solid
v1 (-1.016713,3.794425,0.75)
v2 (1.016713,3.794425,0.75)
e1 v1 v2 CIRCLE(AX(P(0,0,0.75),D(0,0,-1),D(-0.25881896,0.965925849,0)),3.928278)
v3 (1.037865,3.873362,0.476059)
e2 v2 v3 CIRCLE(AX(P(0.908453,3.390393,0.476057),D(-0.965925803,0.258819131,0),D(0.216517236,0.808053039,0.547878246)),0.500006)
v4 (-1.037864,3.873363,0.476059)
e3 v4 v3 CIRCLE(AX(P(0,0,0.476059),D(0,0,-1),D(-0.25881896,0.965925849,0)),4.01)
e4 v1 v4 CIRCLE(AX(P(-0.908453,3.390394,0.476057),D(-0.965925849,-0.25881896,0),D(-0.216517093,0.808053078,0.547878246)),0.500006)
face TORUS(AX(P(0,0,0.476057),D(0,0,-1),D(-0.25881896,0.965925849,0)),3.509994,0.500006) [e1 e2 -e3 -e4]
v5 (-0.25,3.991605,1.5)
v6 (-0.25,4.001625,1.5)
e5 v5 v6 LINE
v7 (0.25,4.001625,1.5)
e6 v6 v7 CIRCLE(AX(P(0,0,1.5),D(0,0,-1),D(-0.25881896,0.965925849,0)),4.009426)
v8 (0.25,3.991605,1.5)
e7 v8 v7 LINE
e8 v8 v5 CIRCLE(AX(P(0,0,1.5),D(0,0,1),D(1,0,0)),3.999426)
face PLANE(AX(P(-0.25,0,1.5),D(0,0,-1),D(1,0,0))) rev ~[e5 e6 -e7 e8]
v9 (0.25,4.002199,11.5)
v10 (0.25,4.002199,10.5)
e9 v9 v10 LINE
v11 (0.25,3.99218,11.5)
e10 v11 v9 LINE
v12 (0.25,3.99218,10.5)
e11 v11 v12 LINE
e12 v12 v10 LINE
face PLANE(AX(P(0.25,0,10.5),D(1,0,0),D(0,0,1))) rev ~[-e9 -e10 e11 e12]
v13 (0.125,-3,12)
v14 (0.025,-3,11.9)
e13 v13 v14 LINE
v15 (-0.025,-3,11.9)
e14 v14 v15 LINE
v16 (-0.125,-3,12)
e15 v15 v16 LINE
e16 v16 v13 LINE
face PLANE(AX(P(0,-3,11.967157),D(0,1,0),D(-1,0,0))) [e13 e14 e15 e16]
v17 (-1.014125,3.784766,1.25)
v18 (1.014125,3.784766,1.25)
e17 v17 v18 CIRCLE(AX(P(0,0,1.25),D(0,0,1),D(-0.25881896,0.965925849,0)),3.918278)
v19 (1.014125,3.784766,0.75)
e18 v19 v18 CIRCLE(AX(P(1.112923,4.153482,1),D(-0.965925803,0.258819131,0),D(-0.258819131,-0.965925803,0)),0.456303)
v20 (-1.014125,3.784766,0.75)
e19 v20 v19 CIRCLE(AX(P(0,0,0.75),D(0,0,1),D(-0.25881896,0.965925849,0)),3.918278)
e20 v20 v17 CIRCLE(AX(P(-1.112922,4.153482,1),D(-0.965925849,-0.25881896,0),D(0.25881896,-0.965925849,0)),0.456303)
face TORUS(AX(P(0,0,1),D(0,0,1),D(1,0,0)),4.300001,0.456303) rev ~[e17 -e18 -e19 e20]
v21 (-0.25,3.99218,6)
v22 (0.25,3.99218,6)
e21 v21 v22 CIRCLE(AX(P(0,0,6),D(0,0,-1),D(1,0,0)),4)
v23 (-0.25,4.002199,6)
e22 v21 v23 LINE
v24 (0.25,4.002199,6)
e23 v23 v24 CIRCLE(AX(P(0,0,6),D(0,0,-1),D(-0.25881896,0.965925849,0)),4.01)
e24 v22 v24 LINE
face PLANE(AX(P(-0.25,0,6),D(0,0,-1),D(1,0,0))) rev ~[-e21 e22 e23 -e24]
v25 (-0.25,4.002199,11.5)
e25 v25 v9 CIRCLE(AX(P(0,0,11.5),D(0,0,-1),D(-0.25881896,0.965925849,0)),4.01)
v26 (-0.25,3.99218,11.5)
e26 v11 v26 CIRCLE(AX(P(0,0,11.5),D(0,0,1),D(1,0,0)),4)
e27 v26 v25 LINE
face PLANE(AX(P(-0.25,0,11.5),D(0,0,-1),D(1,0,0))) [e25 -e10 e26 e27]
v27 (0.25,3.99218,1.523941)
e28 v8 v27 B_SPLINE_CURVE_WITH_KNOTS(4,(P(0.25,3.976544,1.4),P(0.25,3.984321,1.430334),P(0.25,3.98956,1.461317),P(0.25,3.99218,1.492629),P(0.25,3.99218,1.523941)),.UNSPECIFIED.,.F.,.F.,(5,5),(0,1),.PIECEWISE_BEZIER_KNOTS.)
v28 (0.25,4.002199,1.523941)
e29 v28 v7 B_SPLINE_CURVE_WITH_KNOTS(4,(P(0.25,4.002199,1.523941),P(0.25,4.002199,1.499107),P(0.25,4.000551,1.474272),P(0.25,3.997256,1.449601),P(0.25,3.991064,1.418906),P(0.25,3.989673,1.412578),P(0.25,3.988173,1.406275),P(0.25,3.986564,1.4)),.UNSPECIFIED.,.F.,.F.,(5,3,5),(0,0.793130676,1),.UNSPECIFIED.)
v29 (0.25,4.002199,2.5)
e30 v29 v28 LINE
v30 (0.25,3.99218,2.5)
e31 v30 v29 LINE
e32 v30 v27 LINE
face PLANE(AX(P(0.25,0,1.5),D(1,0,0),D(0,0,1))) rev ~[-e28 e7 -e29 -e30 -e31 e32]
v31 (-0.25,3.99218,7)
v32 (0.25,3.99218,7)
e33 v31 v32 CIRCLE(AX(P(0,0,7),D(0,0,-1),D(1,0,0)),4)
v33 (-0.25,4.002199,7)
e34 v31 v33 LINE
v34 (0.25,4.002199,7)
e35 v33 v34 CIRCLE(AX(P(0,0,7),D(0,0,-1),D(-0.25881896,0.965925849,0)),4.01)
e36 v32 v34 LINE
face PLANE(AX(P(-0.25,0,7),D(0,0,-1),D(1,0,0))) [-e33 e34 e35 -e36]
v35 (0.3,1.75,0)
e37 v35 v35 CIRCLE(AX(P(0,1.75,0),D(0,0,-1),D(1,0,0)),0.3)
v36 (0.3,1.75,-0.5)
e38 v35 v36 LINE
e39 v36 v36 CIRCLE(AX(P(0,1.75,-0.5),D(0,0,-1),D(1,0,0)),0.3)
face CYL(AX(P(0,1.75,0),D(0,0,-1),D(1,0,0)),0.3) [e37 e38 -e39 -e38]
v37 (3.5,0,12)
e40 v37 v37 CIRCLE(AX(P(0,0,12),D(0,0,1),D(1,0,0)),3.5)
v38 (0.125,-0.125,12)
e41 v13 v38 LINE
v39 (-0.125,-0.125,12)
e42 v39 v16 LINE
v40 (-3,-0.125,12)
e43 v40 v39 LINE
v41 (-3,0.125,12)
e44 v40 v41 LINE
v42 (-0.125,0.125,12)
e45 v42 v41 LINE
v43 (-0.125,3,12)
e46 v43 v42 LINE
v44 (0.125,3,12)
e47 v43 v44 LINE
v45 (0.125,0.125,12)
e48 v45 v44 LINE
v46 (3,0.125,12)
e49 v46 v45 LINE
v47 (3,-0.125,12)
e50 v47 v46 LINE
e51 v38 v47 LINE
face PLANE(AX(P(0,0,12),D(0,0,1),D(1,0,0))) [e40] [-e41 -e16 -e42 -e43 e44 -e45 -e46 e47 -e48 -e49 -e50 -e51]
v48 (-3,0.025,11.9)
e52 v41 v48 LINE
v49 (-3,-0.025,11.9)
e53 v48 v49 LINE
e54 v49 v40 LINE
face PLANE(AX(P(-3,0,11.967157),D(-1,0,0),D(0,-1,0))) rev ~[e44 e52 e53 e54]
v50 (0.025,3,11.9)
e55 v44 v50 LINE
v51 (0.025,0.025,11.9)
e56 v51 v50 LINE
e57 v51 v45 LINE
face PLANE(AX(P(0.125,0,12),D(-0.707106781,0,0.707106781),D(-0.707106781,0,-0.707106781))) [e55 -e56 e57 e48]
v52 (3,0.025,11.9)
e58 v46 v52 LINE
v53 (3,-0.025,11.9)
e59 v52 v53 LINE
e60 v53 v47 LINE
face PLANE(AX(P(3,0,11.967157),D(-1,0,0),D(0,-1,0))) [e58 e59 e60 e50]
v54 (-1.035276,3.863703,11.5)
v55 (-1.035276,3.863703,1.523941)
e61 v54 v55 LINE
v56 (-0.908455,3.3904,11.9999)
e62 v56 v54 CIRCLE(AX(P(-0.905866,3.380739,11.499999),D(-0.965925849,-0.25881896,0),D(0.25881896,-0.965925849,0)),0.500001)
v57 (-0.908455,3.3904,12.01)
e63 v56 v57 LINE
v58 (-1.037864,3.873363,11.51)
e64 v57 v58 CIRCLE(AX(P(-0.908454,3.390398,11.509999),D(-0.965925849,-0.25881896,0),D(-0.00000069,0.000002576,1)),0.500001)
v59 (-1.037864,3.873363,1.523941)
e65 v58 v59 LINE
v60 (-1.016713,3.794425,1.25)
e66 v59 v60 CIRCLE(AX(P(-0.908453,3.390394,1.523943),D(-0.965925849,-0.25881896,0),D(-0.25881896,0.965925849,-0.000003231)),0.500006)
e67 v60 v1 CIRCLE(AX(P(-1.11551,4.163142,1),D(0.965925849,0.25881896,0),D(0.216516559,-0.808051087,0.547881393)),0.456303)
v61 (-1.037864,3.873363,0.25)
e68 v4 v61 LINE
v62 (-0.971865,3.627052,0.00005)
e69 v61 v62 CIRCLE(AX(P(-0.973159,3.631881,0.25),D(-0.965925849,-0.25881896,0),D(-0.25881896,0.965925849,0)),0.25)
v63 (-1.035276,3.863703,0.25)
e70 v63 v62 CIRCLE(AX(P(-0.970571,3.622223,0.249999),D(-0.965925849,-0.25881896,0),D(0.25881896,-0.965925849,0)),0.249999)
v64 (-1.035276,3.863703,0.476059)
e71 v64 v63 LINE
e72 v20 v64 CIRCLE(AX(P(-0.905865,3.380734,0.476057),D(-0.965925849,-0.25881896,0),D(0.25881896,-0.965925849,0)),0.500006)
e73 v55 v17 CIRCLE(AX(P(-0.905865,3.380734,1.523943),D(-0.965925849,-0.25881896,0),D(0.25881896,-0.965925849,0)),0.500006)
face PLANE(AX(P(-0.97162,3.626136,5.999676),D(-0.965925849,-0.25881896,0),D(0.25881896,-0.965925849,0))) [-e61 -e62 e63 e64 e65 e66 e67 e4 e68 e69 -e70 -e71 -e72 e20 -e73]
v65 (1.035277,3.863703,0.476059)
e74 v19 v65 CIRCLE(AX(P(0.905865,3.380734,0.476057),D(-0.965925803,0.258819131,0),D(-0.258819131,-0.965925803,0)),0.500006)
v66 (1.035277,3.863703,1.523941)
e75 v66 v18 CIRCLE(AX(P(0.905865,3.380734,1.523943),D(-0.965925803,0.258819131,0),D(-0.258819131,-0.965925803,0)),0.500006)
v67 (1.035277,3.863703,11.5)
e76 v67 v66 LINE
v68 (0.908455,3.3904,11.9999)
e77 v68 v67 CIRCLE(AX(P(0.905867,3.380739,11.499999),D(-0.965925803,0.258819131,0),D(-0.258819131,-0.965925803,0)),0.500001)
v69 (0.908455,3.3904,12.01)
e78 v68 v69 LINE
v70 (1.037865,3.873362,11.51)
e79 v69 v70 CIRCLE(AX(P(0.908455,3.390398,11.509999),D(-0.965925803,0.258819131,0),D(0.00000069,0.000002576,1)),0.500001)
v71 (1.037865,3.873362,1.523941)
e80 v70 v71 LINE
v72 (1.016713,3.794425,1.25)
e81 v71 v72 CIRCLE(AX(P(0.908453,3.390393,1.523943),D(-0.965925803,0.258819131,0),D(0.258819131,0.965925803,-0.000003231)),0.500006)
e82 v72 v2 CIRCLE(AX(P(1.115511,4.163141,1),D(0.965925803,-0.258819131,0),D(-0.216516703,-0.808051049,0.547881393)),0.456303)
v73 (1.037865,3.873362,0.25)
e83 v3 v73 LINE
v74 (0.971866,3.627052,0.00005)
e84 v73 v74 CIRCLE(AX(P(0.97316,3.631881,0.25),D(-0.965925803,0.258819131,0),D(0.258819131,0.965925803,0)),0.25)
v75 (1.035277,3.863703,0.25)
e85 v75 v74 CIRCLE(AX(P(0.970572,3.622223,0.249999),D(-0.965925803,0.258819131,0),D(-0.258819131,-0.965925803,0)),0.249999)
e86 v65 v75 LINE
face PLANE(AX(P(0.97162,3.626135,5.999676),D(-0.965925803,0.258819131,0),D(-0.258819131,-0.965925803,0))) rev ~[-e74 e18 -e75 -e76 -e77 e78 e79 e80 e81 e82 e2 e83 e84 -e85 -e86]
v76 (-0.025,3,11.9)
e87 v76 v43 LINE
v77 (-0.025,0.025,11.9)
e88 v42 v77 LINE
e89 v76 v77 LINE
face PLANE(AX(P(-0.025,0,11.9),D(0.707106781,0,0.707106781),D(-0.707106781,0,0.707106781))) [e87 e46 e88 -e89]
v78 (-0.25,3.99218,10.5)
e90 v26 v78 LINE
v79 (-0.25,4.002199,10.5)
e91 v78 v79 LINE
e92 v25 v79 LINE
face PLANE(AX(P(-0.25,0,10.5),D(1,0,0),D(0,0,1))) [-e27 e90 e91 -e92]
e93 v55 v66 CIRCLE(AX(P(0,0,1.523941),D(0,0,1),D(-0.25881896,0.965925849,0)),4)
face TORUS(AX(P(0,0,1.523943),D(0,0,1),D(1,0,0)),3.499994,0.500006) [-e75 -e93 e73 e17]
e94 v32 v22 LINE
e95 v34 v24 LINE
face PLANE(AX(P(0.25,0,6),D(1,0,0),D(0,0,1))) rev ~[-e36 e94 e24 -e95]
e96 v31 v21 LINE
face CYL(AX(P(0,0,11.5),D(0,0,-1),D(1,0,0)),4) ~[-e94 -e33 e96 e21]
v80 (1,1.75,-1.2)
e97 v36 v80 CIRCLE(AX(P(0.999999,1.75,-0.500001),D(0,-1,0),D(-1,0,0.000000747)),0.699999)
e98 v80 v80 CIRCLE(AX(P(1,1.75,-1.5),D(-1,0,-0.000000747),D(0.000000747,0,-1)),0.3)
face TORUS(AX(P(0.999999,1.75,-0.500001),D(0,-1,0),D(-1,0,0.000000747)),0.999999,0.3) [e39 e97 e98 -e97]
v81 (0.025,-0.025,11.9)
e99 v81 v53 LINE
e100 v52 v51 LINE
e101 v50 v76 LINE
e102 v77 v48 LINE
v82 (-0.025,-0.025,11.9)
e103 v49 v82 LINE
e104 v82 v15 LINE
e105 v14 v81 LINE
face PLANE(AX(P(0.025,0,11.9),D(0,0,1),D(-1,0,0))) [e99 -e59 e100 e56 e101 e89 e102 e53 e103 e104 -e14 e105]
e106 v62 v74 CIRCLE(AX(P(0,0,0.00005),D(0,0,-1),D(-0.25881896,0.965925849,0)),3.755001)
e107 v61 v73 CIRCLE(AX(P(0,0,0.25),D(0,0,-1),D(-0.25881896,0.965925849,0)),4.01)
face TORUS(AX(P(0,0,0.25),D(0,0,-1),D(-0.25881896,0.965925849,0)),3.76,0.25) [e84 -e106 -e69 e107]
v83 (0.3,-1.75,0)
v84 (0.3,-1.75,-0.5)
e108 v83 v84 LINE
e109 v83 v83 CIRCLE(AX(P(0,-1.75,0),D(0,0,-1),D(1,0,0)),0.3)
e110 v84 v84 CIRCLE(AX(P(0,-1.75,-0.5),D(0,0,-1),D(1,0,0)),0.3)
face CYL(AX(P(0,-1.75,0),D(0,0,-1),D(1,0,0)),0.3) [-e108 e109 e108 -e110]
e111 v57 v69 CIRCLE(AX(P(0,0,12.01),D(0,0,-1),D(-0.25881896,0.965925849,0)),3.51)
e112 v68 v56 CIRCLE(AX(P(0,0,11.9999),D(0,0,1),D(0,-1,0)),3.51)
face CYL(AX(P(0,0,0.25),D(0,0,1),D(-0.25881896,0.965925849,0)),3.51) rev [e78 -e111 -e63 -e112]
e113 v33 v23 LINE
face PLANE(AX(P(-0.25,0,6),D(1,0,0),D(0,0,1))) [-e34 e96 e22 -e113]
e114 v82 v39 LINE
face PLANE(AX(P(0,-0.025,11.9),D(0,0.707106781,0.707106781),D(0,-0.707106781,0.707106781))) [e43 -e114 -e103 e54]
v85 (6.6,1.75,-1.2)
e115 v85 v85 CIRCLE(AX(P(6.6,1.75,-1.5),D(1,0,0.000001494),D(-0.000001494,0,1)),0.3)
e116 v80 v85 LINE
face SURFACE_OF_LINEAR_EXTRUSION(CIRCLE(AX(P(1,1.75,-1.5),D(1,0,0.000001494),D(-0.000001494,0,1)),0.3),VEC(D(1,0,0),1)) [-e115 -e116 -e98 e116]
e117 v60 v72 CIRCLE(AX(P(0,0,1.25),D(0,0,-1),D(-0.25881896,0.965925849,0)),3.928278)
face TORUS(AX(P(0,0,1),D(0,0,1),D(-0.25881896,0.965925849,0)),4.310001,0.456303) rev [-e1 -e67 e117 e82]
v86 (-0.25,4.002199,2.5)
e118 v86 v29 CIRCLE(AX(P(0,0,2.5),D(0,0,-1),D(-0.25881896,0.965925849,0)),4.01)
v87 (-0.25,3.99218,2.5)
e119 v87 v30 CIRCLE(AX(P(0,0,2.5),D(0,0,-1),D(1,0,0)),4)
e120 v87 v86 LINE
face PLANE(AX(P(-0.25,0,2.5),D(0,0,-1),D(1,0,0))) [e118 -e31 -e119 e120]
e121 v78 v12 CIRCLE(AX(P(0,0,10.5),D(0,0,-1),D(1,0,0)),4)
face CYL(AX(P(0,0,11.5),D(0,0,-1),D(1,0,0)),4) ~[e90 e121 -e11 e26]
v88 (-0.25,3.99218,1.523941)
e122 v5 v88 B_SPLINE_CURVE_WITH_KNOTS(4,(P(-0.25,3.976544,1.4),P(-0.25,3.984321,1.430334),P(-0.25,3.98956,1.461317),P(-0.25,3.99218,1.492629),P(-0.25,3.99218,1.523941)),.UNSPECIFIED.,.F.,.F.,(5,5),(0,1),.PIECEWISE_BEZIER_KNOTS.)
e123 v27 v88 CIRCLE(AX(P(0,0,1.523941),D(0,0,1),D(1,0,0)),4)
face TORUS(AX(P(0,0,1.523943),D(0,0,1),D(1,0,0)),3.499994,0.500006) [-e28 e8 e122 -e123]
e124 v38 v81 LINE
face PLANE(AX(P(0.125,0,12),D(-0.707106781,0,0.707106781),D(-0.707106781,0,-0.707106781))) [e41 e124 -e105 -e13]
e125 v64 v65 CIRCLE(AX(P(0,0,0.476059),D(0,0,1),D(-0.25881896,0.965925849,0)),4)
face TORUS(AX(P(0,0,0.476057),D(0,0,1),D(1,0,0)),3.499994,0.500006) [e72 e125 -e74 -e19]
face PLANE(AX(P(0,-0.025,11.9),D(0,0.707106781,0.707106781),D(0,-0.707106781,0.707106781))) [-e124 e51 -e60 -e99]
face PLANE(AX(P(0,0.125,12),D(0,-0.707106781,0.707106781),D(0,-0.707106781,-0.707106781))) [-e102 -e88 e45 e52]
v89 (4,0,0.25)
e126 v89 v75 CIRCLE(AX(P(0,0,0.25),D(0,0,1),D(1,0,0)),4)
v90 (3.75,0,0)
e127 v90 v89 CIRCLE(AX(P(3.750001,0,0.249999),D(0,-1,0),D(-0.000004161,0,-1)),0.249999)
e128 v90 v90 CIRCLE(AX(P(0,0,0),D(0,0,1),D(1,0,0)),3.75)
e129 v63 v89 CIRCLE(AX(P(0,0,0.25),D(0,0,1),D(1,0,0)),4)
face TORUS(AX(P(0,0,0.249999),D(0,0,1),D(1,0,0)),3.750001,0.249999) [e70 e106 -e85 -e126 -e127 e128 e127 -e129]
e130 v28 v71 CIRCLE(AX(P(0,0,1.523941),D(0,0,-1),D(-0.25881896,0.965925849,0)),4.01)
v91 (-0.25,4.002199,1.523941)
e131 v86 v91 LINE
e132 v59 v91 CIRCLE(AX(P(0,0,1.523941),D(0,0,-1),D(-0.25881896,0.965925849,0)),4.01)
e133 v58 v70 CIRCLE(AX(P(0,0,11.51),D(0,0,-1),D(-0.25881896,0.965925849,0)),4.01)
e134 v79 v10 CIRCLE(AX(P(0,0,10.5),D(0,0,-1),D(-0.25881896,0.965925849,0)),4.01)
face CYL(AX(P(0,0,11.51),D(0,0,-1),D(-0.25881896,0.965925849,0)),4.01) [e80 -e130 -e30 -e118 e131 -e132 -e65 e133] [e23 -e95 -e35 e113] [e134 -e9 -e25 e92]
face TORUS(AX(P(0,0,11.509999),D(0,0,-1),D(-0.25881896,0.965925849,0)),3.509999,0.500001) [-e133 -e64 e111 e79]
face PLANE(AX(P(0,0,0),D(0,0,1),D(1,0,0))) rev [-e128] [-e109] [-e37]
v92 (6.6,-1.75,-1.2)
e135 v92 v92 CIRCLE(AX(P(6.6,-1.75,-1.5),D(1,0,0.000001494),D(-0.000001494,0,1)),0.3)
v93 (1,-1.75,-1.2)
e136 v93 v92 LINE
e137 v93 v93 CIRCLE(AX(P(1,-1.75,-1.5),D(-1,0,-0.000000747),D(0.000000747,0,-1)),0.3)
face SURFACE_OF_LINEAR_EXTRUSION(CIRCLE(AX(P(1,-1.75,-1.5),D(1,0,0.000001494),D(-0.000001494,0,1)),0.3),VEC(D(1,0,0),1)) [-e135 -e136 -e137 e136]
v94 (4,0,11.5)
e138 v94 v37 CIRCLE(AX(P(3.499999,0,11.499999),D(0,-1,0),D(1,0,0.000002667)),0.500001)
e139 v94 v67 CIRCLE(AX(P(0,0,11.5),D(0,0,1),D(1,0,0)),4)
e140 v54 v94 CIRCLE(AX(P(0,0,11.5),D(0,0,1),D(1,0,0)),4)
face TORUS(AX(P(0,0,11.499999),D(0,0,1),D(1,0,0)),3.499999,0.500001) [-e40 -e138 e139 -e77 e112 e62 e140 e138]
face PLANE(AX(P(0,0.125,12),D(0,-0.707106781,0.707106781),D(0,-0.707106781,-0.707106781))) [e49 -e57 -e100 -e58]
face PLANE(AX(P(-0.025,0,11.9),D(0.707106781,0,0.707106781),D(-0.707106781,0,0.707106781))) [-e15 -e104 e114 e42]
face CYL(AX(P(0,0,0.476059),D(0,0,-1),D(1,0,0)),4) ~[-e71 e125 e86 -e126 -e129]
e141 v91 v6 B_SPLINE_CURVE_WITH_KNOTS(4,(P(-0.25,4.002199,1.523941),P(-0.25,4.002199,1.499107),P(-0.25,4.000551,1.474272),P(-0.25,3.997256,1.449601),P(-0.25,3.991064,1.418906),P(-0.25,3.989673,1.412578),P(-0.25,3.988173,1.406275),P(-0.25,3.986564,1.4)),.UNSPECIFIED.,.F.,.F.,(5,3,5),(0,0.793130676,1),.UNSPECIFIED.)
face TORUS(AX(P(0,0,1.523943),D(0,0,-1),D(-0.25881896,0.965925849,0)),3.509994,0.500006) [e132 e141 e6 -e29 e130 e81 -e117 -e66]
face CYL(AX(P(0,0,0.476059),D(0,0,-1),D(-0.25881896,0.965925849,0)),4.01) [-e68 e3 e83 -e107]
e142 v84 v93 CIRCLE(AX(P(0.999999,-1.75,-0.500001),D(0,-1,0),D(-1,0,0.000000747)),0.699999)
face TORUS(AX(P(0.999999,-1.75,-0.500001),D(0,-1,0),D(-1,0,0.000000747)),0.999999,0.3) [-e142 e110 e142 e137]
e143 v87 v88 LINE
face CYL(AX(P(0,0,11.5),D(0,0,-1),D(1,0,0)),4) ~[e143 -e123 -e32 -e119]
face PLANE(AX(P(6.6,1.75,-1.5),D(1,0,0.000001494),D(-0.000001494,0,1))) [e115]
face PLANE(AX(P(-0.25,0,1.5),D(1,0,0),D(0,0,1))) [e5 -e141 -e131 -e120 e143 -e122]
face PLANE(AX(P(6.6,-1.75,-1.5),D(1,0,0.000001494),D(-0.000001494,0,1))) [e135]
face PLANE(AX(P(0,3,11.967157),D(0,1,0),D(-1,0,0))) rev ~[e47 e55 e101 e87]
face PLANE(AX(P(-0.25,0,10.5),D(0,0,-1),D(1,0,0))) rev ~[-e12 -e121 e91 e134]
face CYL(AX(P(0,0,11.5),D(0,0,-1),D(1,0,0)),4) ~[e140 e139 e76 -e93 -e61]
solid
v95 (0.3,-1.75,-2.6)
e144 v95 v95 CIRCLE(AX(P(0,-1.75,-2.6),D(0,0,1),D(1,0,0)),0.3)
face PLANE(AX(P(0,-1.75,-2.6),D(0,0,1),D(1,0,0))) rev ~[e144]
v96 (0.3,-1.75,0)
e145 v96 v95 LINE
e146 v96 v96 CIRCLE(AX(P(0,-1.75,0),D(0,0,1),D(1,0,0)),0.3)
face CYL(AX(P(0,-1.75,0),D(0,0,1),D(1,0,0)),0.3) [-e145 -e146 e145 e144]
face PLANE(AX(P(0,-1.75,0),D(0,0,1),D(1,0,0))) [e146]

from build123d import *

# Parameters (mm, degrees)
SKETCH010_R         = 0.3
PAD002_DEPTH        = 2.6
REVOLUTION001_ANGLE = -30
SKETCH015_W         = 0.5
SKETCH015_H         = 1
POCKET002_DEPTH     = 4.011
LINEARPATTERN_COUNT = 3
LINEARPATTERN_PITCH = 4.5
SKETCH012_R         = 3.5
POCKET_DEPTH        = 0.5
SKETCH003_R         = 0.3
SKETCH013_R         = 3.5
PAD_DEPTH           = 0.5
POCKET001_DEPTH     = 3
POLARPATTERN_COUNT  = 3
POLARPATTERN_ANGLE  = 180


with BuildPart() as leadstraightclone:
    # Sketch010 → Pad002 (new body)
    with BuildSketch(Plane(origin=(0, 1.75, 0), x_dir=(1, 0, 0), z_dir=(0, 0, 1))):
        Circle(SKETCH010_R)
    extrude(amount=-PAD002_DEPTH)


with BuildPart() as leadstraightclone_1:
    # Body007 placement: moved
    add(leadstraightclone.part.moved(Location((0, -3.5, 0))))


with BuildPart() as polaritymarking:
    # Sketch005 → Revolution001 (revolve)
    with BuildSketch(Plane(origin=(0, 0, 0), x_dir=(-0.258819, 0.965926, 0), z_dir=(0.965926, 0.258819, 0))):
        with BuildLine():
            Line((3.51, 0.25), (3.51, 12.01))
            ThreePointArc((3.51, 12.01), (3.863553, 11.863553), (4.01, 11.51))
            Line((4.01, 11.51), (4.01, 1.523941))
            ThreePointArc((4.01, 1.523941), (3.989134, 1.381006), (3.928278, 1.25))
            ThreePointArc((3.928278, 1.25), (3.853698, 1), (3.928278, 0.75))
            ThreePointArc((3.928278, 0.75), (3.989134, 0.618994), (4.01, 0.476059))
            Line((4.01, 0.476059), (4.01, 0.25))
            ThreePointArc((4.01, 0.25), (3.76, 0), (3.51, 0.25))
        make_face()
    revolve(axis=Axis((0, 0, 0), (0, 0, 1)), revolution_arc=REVOLUTION001_ANGLE)

    # Sketch015 → Pocket002 (cut, through all)
    with BuildSketch(Plane.XZ):
        with Locations((0, 2)):
            Rectangle(SKETCH015_W, SKETCH015_H)
    pocket002 = extrude(amount=-POCKET002_DEPTH, mode=Mode.SUBTRACT)

    # LinearPattern: Pocket002 ×3
    with Locations(*[(0, 0, i * LINEARPATTERN_PITCH) for i in range(1, LINEARPATTERN_COUNT)]):
        add(pocket002, mode=Mode.SUBTRACT)


with BuildPart() as housing:
    # Sketch → Revolution (revolve)
    with BuildSketch(Plane.XZ):
        with BuildLine():
            Line((0, 12), (3.5, 12))
            ThreePointArc((4, 11.5), (3.853553, 11.853553), (3.5, 12))
            Line((4, 11.5), (4, 1.523941))
            ThreePointArc((3.918278, 1.25), (3.979134, 1.381006), (4, 1.523941))
            ThreePointArc((3.918278, 1.25), (3.843698, 1), (3.918278, 0.75))
            ThreePointArc((4, 0.476059), (3.979134, 0.618994), (3.918278, 0.75))
            Line((4, 0.476059), (4, 0.25))
            ThreePointArc((3.75, 0), (3.926777, 0.073223), (4, 0.25))
            Line((0, 0), (3.75, 0))
            Line((0, 12), (0, 0))
        make_face()
    revolve(axis=Axis((0, 0, 0), (0, 0, 1)))

    # Sketch012 → Pocket (cut)
    with BuildSketch(Plane.XY.offset(12)):
        Circle(SKETCH012_R)
    extrude(amount=-POCKET_DEPTH, mode=Mode.SUBTRACT)


with BuildPart() as leadangled:
    # AdditivePipe: sweep along a path in Sketch004
    with BuildLine(Plane.XZ) as additivepipe_path:
        Line((0, 0), (0, -0.5))
        ThreePointArc((0, -0.5), (0.292893, -1.207107), (1, -1.5))
        Line((1, -1.5), (6.6, -1.5))
    # Sketch003 (on ShapeBinder) → AdditivePipe (sweep)
    with BuildSketch(Plane(origin=(0, 0, 0), x_dir=(1, 0, 0), z_dir=(0, 0, -1))):
        with Locations((0, 1.75)):
            Circle(SKETCH003_R)
    sweep(path=additivepipe_path.line)


with BuildPart() as leadangledclone:
    # Body003 base: copy of LeadAngled
    add(leadangled.part)


with BuildPart() as leadangledclone_1:
    # Body003 placement: moved
    add(leadangledclone.part.moved(Location((0, 3.5, 0))))


with BuildPart() as fusion:
    # Sketch013 (on ShapeBinder) → Pad (new body)
    with BuildSketch(Plane.XY.offset(11.5)):
        Circle(SKETCH013_R)
    extrude(amount=PAD_DEPTH)

    # Sketch014 → Pocket001 (cut, symmetric)
    with BuildSketch(Plane.XZ):
        Polygon((-0.125, 12), (0.125, 12), (0.025, 11.9), (-0.025, 11.9), align=None)
    pocket001 = extrude(amount=POCKET001_DEPTH, both=True, mode=Mode.SUBTRACT)

    # PolarPattern: Pocket001 ×3 about axis
    polarpattern_axis = Axis((0, 0, 0), (0, 0, 1))
    for i in range(1, POLARPATTERN_COUNT):
        add(pocket001.rotate(polarpattern_axis, i * POLARPATTERN_ANGLE / (POLARPATTERN_COUNT - 1)), mode=Mode.SUBTRACT)

    # Fusion: union PolarityMarking, Housing, LeadAngledClone, LeadAngled
    add(polaritymarking.part)
    add(housing.part)
    add(leadangledclone_1.part)
    add(leadangled.part)


solid = Compound([leadstraightclone_1.part, fusion.part])
